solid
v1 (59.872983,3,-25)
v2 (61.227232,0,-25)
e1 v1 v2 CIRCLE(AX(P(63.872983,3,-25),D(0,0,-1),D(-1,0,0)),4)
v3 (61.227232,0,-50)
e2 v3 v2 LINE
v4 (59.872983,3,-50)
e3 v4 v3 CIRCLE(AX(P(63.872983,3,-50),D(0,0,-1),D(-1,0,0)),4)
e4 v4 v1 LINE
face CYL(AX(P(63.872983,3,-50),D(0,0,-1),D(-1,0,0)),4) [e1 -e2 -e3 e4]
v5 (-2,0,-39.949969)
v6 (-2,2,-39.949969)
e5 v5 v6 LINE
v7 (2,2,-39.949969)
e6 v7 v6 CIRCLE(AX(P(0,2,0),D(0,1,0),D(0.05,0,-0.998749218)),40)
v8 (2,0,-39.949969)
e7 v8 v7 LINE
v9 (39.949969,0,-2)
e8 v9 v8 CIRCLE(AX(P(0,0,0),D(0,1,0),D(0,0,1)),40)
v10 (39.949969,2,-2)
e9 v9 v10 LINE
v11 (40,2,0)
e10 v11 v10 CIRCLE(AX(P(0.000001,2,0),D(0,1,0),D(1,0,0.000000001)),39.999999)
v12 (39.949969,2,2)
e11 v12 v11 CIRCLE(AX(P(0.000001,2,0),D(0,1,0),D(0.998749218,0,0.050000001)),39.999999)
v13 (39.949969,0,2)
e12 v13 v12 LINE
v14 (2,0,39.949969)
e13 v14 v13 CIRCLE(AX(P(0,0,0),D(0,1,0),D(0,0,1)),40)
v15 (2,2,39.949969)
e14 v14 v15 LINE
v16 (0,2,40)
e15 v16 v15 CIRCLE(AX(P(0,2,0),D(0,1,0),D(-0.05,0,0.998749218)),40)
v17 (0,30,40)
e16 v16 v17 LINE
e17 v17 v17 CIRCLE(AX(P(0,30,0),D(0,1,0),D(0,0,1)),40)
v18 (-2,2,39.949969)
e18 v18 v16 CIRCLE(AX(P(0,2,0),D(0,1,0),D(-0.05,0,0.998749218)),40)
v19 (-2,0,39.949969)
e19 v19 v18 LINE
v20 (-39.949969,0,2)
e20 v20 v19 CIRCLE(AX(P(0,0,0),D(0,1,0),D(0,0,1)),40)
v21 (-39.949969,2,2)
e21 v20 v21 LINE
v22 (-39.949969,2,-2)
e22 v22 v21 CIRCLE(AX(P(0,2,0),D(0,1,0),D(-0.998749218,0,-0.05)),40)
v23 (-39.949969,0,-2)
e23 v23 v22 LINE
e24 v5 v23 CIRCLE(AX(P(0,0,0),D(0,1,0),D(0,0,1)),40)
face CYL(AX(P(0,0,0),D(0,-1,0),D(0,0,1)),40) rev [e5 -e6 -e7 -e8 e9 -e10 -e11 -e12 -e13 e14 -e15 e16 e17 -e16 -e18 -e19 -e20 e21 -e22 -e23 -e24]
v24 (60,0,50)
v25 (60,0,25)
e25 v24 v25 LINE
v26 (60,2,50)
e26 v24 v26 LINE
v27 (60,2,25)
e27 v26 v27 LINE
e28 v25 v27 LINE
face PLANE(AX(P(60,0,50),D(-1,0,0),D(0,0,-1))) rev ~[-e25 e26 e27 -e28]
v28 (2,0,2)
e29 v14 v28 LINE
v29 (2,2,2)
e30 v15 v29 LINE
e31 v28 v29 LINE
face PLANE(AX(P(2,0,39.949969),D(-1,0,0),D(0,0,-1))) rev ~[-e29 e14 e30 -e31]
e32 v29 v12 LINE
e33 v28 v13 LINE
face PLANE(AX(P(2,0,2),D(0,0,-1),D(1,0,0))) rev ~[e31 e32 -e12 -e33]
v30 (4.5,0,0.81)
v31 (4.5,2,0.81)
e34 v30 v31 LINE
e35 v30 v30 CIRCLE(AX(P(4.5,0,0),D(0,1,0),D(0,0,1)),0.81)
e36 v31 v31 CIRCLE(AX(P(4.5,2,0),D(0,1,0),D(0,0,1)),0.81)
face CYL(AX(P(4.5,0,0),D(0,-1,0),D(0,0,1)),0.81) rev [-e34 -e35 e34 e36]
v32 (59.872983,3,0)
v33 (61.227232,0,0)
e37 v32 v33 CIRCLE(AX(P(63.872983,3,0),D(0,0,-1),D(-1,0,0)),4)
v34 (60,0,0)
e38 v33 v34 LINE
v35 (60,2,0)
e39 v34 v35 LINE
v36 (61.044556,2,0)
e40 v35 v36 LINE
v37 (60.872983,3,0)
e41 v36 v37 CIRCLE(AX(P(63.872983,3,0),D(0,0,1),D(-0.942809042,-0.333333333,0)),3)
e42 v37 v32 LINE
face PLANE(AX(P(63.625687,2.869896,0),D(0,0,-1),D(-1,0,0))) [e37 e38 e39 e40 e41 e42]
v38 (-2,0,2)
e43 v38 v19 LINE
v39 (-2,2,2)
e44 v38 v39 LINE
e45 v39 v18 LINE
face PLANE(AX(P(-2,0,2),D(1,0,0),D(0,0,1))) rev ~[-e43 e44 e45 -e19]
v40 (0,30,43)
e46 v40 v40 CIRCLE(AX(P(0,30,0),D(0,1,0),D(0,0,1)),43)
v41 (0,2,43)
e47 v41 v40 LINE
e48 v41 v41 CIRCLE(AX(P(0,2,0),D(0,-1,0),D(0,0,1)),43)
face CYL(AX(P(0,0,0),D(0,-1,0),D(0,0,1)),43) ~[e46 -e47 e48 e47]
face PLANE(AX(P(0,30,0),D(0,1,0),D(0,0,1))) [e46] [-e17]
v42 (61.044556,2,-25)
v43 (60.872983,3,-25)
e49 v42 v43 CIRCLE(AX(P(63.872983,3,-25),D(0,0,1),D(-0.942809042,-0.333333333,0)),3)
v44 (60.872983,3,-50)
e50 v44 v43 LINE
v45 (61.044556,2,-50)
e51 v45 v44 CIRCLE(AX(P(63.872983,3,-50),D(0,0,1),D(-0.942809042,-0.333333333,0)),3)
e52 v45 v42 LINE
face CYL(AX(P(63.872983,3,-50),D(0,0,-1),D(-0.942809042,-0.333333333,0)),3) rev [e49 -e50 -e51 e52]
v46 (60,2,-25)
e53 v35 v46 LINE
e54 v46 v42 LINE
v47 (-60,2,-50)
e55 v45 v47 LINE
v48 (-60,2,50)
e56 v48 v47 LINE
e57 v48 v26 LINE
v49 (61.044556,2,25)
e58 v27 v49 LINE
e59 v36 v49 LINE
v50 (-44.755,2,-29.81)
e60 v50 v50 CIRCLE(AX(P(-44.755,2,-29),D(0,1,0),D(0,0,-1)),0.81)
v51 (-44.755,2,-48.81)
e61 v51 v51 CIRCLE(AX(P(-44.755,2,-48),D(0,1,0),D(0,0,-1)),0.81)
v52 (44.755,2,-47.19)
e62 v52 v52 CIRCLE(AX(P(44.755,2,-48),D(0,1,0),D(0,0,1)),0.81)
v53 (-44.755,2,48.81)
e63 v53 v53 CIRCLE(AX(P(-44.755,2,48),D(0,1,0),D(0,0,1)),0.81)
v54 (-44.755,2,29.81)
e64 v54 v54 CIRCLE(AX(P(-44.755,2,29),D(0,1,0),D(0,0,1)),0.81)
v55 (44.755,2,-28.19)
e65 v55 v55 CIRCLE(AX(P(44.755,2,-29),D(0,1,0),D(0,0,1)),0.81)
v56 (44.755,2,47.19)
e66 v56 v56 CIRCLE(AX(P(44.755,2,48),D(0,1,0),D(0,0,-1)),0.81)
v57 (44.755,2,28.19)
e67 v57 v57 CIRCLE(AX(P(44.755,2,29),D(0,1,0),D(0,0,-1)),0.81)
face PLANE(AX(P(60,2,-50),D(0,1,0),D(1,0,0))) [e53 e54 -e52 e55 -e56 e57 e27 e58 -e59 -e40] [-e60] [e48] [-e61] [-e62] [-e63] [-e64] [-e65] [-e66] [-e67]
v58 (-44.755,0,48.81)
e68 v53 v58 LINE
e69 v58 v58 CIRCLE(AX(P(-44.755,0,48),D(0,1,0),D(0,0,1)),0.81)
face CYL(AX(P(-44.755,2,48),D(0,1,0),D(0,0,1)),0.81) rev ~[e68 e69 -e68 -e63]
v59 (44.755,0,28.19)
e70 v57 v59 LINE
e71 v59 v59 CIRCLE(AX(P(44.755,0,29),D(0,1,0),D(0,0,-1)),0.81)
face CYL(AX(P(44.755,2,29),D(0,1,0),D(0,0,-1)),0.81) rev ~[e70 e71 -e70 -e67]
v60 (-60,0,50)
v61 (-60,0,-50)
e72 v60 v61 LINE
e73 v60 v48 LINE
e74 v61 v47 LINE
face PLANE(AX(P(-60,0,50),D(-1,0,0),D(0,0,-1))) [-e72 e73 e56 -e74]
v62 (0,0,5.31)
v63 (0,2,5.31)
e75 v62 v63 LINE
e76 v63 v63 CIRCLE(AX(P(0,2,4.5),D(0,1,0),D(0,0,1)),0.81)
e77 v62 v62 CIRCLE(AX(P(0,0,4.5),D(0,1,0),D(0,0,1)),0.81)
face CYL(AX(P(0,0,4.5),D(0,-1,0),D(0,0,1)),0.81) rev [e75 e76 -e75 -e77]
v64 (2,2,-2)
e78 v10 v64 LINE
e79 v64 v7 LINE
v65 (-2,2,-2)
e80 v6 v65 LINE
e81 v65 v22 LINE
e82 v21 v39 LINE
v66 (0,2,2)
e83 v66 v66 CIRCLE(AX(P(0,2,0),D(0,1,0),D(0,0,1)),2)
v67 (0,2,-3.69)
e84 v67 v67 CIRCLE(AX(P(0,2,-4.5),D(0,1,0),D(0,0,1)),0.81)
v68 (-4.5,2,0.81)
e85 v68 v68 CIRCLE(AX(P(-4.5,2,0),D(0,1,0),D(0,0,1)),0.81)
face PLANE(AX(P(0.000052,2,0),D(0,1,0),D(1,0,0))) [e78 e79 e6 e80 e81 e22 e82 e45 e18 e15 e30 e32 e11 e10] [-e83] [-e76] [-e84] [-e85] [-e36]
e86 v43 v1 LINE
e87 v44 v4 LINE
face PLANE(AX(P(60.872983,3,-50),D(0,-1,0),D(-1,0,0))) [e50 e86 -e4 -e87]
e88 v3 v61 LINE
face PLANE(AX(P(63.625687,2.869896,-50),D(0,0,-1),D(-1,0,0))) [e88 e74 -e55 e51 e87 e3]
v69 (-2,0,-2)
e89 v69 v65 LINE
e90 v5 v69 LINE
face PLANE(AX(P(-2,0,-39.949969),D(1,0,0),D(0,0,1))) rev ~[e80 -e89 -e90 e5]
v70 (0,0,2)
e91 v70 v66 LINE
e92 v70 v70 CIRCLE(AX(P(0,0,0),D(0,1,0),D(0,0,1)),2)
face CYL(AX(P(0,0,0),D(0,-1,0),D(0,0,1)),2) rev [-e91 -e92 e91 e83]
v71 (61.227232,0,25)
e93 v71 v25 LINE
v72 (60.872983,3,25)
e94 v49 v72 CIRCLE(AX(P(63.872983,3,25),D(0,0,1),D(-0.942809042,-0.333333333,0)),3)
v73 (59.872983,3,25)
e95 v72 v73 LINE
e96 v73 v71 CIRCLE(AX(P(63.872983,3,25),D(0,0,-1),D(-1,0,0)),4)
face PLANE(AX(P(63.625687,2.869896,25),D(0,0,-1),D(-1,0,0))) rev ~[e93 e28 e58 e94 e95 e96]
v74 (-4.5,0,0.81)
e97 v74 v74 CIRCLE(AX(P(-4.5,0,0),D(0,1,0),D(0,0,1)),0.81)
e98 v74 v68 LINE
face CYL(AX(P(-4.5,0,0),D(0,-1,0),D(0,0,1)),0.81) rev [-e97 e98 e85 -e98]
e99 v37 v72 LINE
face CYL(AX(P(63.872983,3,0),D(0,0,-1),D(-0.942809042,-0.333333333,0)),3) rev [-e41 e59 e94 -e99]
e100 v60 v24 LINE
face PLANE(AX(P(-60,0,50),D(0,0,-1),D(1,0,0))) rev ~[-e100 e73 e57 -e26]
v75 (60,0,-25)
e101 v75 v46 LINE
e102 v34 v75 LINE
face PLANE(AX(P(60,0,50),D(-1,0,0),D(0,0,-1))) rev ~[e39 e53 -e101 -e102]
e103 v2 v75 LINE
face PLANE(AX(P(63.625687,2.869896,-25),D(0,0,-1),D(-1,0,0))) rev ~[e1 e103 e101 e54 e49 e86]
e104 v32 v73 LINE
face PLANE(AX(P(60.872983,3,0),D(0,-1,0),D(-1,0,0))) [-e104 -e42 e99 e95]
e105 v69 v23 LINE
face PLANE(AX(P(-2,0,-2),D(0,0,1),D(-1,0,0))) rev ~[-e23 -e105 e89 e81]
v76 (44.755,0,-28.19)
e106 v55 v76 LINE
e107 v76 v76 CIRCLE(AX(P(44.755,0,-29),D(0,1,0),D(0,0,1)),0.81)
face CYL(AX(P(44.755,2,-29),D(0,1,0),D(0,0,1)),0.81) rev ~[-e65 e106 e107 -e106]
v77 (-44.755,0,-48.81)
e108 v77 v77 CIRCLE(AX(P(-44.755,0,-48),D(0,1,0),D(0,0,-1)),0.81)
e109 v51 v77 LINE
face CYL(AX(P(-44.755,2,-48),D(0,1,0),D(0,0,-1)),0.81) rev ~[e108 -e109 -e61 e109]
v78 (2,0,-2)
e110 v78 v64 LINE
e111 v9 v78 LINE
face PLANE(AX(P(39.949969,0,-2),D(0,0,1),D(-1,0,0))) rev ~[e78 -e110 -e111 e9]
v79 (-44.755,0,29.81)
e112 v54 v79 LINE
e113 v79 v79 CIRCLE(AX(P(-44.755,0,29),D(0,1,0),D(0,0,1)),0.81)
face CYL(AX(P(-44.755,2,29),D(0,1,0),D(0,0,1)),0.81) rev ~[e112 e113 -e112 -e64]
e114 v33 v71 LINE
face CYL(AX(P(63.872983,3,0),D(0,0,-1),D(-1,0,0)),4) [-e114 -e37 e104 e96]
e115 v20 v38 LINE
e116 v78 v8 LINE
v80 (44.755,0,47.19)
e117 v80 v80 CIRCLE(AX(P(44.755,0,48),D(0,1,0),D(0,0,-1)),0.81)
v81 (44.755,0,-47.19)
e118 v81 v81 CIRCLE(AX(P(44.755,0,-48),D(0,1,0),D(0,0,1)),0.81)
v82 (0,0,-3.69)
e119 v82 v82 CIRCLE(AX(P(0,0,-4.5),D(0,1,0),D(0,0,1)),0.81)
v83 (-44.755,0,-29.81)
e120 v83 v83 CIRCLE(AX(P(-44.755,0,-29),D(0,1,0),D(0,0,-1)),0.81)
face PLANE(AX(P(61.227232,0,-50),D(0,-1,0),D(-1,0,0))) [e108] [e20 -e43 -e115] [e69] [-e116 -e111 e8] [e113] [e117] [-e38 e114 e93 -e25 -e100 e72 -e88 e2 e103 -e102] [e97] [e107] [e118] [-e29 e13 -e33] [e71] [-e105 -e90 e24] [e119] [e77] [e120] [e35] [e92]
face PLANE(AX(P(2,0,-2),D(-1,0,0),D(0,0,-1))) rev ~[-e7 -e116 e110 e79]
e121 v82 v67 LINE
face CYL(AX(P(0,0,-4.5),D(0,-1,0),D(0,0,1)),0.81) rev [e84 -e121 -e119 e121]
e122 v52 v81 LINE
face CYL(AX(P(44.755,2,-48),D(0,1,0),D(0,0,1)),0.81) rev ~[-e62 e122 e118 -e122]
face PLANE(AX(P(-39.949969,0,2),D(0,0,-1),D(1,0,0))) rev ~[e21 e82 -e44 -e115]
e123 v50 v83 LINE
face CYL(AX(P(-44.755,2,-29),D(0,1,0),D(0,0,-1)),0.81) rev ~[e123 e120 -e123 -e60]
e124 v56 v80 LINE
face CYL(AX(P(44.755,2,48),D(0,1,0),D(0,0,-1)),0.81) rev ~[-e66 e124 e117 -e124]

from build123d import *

# Parameters (mm, degrees)
CROQUIS1_R              = 43
CROQUIS1_R_2            = 40
SALIENTE_EXTRUIR1_DEPTH = 30
CROQUIS3_R              = 0.81
CROQUIS3_R_2            = 2
SALIENTE_EXTRUIR2_DEPTH = 2
CROQUIS4_W              = 120
CROQUIS4_H              = 100
CROQUIS4_R              = 43
SALIENTE_EXTRUIR3_DEPTH = 2
CROQUIS5_R              = 0.81
CORTAR_EXTRUIR1_DEPTH   = 2
SALIENTE_EXTRUIR8_DEPTH = 25
MATRIZL2_COUNT          = 2
MATRIZL2_PITCH          = 50


with BuildPart() as part:
    # Croquis1 → Saliente-Extruir1 (new body)
    with BuildSketch(Plane(origin=(0, 0, 0), x_dir=(1, 0, 0), z_dir=(0, 1, 0))):
        with Locations(Location((0, 0, 0), (0, 0, 270))):
            Circle(CROQUIS1_R)
        with Locations(Location((0, 0, 0), (0, 0, 270))):
            Circle(CROQUIS1_R_2, mode=Mode.SUBTRACT)
    extrude(amount=SALIENTE_EXTRUIR1_DEPTH)

    # Croquis3 → Saliente-Extruir2 (add)
    with BuildSketch(Plane(origin=(0, 0, 0), x_dir=(1, 0, 0), z_dir=(0, 1, 0))):
        with BuildLine():
            Line((-2, 39.949968711), (-2, 2))
            Line((-2, 2), (-39.949968711, 2))
            ThreePointArc((-39.949968711, 2), (-40, 0), (-39.949968711, -2))
            Line((-39.949968711, -2), (-2, -2))
            Line((-2, -2), (-2, -39.949968711))
            ThreePointArc((-2, -39.949968711), (0, -40), (2, -39.949968711))
            Line((2, -39.949968711), (2, -2))
            Line((2, -2), (39.949968711, -2))
            ThreePointArc((39.949968711, -2), (39.987490222, -1.000312842), (40, 0))
            ThreePointArc((40, 0), (39.987490222, 1.000312842), (39.949968711, 2))
            Line((39.949968711, 2), (2, 2))
            Line((2, 2), (2, 39.949968711))
            ThreePointArc((2, 39.949968711), (0, 40), (-2, 39.949968711))
        make_face()
        with Locations(Location((0, -4.5, 0), (0, 0, 270))):
            Circle(CROQUIS3_R, mode=Mode.SUBTRACT)
        with Locations(Location((-4.5, 0, 0), (0, 0, 270))):
            Circle(CROQUIS3_R, mode=Mode.SUBTRACT)
        with Locations(Location((0, 0, 0), (0, 0, 270))):
            Circle(CROQUIS3_R_2, mode=Mode.SUBTRACT)
        with Locations(Location((4.5, 0, 0), (0, 0, 270))):
            Circle(CROQUIS3_R, mode=Mode.SUBTRACT)
        with Locations(Location((0, 4.5, 0), (0, 0, 270))):
            Circle(CROQUIS3_R, mode=Mode.SUBTRACT)
    extrude(amount=SALIENTE_EXTRUIR2_DEPTH)

    # Croquis4 → Saliente-Extruir3 (add)
    with BuildSketch(Plane(origin=(0, 0, 0), x_dir=(1, 0, 0), z_dir=(0, 1, 0))):
        Rectangle(CROQUIS4_W, CROQUIS4_H)
        with Locations(Location((0, 0, 0), (0, 0, 90))):
            Circle(CROQUIS4_R, mode=Mode.SUBTRACT)
    extrude(amount=SALIENTE_EXTRUIR3_DEPTH)

    # Croquis5 → Cortar-Extruir1 (cut)
    with BuildSketch(Plane(origin=(0, 2, 0), x_dir=(1, 0, 0), z_dir=(0, 1, 0))):
        with Locations(Location((-44.755, -48, 0), (0, 0, 270))):
            Circle(CROQUIS5_R)
        with Locations(Location((-44.755, -29, 0), (0, 0, 270))):
            Circle(CROQUIS5_R)
        with Locations(Location((-44.755, 29, 0), (0, 0, 90))):
            Circle(CROQUIS5_R)
        with Locations(Location((-44.755, 48, 0), (0, 0, 90))):
            Circle(CROQUIS5_R)
        with Locations(Location((44.755, -48, 0), (0, 0, 90))):
            Circle(CROQUIS5_R)
        with Locations(Location((44.755, -29, 0), (0, 0, 90))):
            Circle(CROQUIS5_R)
        with Locations(Location((44.755, 29, 0), (0, 0, 270))):
            Circle(CROQUIS5_R)
        with Locations(Location((44.755, 48, 0), (0, 0, 270))):
            Circle(CROQUIS5_R)
    extrude(amount=-CORTAR_EXTRUIR1_DEPTH, mode=Mode.SUBTRACT)

    # Croquis7 → Saliente-Extruir8 (add)
    with BuildSketch(Plane(origin=(0, 0, -50), x_dir=(-1, 0, 0), z_dir=(0, 0, -1))):
        with BuildLine():
            Line((-60, 2), (-61.044556221, 2))
            ThreePointArc((-61.044556221, 2), (-66.829779025, 3.507305936), (-60.872983346, 3))
            Line((-60.872983346, 3), (-59.872983346, 3))
            ThreePointArc((-59.872983346, 3), (-67.518734657, 4.645751311), (-61.227232035, 0))
            Line((-61.227232035, 0), (-60, 0))
            Line((-60, 0), (-60, 2))
        make_face()
    saliente_extruir8 = extrude(amount=-SALIENTE_EXTRUIR8_DEPTH)

    # MatrizL2: Saliente-Extruir8 ×2
    with Locations(*[(0, 0, i * MATRIZL2_PITCH) for i in range(1, MATRIZL2_COUNT)]):
        add(saliente_extruir8)


solid = part.part
